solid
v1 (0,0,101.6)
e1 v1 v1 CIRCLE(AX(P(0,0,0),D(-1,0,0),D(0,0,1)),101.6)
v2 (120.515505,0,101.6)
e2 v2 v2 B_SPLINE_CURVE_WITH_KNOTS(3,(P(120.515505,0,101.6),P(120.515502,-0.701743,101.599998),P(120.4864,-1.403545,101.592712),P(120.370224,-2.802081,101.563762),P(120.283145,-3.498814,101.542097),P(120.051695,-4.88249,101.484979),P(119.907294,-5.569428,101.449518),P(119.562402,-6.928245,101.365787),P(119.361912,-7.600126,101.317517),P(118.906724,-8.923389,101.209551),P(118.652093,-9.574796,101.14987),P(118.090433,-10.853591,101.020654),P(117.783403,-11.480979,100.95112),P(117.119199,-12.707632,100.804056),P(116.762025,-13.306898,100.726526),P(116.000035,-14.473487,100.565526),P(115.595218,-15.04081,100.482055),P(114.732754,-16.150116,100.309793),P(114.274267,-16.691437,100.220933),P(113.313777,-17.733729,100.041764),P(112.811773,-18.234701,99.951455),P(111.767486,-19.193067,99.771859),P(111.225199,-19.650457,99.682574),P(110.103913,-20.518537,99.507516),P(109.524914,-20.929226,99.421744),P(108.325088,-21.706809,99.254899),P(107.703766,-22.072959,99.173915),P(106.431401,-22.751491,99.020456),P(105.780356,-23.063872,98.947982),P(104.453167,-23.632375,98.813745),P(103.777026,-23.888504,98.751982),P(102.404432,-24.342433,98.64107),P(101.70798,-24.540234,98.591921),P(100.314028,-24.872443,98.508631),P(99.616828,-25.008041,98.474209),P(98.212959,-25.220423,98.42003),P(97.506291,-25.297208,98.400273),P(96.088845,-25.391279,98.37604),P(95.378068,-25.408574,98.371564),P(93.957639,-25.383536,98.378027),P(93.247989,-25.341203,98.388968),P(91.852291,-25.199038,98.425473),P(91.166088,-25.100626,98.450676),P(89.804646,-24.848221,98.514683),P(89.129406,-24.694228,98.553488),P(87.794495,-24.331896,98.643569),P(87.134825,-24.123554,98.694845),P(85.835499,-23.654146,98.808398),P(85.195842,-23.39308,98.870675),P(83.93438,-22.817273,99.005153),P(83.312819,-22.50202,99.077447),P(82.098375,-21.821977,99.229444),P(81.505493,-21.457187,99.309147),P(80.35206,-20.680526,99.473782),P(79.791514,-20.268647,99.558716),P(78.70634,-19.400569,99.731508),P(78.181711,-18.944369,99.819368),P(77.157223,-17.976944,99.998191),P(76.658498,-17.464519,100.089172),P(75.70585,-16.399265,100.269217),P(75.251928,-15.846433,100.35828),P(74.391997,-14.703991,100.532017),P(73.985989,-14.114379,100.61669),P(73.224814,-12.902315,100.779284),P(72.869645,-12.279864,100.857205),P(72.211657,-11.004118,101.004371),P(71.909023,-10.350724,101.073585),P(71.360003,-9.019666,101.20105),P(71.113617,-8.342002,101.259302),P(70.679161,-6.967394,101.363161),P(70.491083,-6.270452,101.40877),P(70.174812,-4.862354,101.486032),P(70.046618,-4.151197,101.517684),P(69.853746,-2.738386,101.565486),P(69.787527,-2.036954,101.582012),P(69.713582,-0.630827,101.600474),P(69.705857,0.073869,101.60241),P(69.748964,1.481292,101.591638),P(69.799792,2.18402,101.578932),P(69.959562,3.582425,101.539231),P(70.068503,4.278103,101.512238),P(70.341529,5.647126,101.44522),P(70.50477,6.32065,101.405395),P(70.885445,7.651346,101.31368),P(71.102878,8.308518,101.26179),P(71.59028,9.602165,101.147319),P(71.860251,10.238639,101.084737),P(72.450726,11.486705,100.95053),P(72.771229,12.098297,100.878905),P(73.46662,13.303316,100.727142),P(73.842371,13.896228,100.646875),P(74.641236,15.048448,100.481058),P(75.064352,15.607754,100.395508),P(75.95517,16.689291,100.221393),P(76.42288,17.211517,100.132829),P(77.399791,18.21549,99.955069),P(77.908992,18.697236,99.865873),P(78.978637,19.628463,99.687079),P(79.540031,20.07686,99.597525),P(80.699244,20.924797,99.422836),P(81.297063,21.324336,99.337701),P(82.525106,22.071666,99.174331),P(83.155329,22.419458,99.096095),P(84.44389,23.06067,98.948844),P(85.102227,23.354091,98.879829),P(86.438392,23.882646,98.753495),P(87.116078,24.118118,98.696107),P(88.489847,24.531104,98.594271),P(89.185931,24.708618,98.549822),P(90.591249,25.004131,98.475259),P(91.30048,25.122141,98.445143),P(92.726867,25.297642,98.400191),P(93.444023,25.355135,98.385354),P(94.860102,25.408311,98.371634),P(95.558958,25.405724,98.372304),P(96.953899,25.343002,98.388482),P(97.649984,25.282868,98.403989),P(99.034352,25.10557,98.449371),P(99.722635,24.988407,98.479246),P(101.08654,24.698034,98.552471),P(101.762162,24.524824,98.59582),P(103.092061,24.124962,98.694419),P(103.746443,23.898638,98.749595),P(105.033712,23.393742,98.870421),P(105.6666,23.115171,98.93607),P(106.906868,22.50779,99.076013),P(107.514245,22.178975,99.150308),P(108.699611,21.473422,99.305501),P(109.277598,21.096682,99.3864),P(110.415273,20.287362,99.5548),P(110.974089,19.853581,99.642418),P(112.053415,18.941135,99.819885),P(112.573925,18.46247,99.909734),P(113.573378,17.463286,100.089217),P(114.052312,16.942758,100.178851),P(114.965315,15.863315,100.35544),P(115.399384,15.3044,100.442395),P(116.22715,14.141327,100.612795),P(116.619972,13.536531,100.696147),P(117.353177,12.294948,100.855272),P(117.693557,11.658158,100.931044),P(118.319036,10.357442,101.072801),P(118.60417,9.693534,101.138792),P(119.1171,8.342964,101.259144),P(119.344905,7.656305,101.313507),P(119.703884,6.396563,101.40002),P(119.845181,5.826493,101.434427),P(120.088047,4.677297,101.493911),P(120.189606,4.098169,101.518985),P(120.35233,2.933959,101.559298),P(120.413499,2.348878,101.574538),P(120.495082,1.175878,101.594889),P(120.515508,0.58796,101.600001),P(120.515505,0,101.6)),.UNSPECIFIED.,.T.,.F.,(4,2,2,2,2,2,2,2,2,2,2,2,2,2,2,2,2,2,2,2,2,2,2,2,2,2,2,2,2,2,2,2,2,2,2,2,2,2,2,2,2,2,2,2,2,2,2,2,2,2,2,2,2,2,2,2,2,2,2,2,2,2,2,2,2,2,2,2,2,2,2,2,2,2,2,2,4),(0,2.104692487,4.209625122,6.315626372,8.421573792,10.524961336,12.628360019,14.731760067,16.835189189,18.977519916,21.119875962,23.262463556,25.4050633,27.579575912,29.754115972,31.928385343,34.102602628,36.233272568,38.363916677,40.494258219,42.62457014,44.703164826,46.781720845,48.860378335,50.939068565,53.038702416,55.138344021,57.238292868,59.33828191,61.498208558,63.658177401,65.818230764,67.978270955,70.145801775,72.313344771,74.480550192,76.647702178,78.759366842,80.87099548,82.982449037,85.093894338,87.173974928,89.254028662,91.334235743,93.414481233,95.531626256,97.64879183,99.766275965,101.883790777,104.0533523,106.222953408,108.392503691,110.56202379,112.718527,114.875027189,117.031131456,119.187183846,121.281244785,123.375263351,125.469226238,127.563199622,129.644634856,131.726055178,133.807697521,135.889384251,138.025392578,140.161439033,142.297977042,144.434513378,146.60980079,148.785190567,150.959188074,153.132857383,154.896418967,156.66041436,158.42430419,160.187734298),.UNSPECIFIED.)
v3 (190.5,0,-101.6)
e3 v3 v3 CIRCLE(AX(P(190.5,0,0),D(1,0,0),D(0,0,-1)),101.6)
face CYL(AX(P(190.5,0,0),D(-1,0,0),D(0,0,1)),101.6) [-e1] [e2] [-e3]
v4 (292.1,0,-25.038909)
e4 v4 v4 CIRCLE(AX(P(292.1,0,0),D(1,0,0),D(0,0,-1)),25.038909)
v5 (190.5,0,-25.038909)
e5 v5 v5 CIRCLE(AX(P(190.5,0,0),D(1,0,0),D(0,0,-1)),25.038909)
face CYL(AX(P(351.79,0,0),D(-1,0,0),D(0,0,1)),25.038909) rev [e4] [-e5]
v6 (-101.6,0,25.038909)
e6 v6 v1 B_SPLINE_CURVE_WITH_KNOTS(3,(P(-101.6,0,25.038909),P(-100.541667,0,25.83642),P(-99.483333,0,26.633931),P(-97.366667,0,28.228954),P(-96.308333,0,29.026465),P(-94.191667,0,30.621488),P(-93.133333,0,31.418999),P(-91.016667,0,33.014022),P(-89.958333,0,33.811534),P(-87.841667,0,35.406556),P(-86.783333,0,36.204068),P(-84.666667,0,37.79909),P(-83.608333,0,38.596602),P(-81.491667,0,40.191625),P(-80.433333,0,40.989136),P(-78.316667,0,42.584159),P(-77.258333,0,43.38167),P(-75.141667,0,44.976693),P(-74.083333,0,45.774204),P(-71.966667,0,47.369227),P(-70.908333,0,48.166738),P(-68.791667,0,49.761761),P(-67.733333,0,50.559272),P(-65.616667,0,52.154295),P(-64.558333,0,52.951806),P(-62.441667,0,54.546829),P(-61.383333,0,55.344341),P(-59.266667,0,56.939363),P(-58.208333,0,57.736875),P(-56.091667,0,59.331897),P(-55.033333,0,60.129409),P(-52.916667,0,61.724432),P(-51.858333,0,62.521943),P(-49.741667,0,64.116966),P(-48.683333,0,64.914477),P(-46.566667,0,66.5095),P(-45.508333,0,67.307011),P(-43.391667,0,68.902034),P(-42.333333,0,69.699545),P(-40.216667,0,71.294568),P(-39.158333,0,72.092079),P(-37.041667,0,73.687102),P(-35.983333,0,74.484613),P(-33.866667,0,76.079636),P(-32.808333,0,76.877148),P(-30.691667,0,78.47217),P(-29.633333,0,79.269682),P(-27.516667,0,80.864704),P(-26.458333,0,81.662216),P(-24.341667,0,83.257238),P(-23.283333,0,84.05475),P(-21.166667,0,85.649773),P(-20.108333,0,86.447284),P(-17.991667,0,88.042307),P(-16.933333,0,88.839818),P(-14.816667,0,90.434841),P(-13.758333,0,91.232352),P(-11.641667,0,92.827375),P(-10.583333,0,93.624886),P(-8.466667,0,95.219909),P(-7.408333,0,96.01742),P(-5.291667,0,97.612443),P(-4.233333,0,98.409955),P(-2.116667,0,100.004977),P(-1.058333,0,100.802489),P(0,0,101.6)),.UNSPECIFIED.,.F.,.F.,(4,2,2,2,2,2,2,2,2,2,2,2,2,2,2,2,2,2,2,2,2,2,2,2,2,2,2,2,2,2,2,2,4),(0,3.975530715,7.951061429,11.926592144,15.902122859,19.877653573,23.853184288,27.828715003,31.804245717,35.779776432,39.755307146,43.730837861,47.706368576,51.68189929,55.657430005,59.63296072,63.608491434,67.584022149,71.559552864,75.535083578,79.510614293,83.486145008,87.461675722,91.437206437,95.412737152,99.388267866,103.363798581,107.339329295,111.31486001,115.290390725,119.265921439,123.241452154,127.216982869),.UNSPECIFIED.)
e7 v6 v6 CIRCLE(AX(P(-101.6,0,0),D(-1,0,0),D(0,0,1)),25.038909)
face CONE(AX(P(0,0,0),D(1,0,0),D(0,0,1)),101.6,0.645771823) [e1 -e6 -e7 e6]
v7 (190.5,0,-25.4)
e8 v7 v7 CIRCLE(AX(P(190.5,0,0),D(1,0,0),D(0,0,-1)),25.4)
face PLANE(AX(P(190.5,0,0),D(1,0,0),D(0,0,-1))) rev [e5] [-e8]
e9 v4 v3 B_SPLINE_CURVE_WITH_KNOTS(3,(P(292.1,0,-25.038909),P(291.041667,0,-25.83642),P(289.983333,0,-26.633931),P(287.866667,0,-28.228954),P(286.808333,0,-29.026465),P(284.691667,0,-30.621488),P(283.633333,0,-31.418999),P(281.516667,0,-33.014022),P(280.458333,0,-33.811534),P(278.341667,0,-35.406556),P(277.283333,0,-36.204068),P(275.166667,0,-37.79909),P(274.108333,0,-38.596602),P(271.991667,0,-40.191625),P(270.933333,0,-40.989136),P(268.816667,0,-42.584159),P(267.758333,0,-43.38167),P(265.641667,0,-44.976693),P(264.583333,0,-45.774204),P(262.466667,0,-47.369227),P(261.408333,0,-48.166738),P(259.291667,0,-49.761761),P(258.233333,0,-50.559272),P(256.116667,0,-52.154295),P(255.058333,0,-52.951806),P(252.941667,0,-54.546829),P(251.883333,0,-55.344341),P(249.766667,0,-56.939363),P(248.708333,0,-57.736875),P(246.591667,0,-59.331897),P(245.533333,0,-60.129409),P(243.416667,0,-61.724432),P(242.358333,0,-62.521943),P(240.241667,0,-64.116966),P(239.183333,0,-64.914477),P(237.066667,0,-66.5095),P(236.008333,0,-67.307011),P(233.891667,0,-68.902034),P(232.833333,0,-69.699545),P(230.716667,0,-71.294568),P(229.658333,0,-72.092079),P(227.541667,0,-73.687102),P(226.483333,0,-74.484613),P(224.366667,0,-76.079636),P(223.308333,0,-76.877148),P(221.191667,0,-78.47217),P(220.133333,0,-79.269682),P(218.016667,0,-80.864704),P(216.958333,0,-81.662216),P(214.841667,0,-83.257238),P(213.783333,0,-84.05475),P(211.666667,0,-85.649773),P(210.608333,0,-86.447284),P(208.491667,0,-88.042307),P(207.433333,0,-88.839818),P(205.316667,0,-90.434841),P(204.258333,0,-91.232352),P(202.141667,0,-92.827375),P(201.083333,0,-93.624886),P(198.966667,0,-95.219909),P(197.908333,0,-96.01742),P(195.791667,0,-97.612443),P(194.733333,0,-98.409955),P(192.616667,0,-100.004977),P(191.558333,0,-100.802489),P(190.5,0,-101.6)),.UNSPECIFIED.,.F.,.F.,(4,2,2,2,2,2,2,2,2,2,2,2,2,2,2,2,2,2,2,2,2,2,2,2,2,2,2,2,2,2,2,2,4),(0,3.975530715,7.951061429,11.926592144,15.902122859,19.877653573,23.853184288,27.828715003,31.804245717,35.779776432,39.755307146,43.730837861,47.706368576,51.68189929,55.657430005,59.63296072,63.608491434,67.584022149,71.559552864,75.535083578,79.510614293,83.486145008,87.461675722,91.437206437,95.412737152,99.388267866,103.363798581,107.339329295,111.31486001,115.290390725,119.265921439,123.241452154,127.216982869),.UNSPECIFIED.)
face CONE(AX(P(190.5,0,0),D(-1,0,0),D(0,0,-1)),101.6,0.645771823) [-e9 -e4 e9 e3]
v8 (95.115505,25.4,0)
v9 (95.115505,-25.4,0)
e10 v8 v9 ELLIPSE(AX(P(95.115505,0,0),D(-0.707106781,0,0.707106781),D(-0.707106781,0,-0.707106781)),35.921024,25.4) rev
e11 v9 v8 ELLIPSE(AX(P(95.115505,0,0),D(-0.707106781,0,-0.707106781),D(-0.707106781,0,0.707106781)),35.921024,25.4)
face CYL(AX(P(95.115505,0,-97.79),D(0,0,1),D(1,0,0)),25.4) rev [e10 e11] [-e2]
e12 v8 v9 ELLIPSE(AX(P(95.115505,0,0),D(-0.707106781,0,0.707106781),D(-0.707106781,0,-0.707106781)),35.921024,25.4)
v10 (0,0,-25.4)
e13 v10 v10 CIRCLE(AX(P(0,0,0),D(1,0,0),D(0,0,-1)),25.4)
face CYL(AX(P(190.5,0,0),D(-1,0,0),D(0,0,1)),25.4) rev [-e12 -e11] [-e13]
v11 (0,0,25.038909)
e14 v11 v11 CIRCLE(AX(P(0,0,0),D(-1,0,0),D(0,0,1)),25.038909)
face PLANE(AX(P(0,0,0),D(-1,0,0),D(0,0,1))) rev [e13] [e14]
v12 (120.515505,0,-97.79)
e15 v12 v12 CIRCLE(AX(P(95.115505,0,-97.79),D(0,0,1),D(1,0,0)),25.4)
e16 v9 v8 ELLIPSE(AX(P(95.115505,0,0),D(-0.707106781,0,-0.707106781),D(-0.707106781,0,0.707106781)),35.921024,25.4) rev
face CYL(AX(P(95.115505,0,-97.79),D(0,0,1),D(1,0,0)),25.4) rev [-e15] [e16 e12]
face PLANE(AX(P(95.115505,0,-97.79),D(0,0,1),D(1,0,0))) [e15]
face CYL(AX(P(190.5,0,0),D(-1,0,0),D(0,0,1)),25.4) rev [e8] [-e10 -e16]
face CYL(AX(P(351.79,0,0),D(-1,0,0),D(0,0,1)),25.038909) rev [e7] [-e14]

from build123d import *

# Parameters (mm, degrees)
SKETCH1_R           = 101.6
SKETCH1_R_2         = 25.4
BOSS_EXTRUDE1_DEPTH = 190.5
SKETCH2_R           = 101.6
BOSS_EXTRUDE2_DEPTH = 101.6
BOSS_EXTRUDE2_TAPER = 37
SKETCH3_R           = 101.6
BOSS_EXTRUDE3_DEPTH = 101.6
BOSS_EXTRUDE3_TAPER = 37
SKETCH4_R           = 25.03890851
CUT_EXTRUDE1_DEPTH  = 453.39
SKETCH5_R           = 25.4
CUT_EXTRUDE3_DEPTH  = 351.79


with BuildPart() as part:
    # Sketch1 → Boss-Extrude1 (new body)
    with BuildSketch(Plane(origin=(0, 0, 0), x_dir=(0, 0, -1), z_dir=(1, 0, 0))):
        Circle(SKETCH1_R)
        Circle(SKETCH1_R_2, mode=Mode.SUBTRACT)
    extrude(amount=BOSS_EXTRUDE1_DEPTH)

    # Sketch2 → Boss-Extrude2 (add)
    with BuildSketch(Plane(origin=(190.5, 0, 0), x_dir=(0, 0, -1), z_dir=(1, 0, 0))):
        Circle(SKETCH2_R)
    extrude(amount=BOSS_EXTRUDE2_DEPTH, taper=BOSS_EXTRUDE2_TAPER)

    # Sketch3 → Boss-Extrude3 (add)
    with BuildSketch(Plane.ZY):
        Circle(SKETCH3_R)
    extrude(amount=BOSS_EXTRUDE3_DEPTH, taper=BOSS_EXTRUDE3_TAPER)

    # Sketch4 → Cut-Extrude1 (cut)
    with BuildSketch(Plane.ZY.offset(101.6)):
        with Locations(Location((0, 0, 0), (0, 0, 180))):
            Circle(SKETCH4_R)
    extrude(amount=-CUT_EXTRUDE1_DEPTH, mode=Mode.SUBTRACT)

    # Sketch5 → Cut-Extrude3 (cut)
    with BuildSketch(Plane.XY.offset(254)):
        with Locations((95.115505382, 0)):
            Circle(SKETCH5_R)
    extrude(amount=-CUT_EXTRUDE3_DEPTH, mode=Mode.SUBTRACT)


solid = part.part
